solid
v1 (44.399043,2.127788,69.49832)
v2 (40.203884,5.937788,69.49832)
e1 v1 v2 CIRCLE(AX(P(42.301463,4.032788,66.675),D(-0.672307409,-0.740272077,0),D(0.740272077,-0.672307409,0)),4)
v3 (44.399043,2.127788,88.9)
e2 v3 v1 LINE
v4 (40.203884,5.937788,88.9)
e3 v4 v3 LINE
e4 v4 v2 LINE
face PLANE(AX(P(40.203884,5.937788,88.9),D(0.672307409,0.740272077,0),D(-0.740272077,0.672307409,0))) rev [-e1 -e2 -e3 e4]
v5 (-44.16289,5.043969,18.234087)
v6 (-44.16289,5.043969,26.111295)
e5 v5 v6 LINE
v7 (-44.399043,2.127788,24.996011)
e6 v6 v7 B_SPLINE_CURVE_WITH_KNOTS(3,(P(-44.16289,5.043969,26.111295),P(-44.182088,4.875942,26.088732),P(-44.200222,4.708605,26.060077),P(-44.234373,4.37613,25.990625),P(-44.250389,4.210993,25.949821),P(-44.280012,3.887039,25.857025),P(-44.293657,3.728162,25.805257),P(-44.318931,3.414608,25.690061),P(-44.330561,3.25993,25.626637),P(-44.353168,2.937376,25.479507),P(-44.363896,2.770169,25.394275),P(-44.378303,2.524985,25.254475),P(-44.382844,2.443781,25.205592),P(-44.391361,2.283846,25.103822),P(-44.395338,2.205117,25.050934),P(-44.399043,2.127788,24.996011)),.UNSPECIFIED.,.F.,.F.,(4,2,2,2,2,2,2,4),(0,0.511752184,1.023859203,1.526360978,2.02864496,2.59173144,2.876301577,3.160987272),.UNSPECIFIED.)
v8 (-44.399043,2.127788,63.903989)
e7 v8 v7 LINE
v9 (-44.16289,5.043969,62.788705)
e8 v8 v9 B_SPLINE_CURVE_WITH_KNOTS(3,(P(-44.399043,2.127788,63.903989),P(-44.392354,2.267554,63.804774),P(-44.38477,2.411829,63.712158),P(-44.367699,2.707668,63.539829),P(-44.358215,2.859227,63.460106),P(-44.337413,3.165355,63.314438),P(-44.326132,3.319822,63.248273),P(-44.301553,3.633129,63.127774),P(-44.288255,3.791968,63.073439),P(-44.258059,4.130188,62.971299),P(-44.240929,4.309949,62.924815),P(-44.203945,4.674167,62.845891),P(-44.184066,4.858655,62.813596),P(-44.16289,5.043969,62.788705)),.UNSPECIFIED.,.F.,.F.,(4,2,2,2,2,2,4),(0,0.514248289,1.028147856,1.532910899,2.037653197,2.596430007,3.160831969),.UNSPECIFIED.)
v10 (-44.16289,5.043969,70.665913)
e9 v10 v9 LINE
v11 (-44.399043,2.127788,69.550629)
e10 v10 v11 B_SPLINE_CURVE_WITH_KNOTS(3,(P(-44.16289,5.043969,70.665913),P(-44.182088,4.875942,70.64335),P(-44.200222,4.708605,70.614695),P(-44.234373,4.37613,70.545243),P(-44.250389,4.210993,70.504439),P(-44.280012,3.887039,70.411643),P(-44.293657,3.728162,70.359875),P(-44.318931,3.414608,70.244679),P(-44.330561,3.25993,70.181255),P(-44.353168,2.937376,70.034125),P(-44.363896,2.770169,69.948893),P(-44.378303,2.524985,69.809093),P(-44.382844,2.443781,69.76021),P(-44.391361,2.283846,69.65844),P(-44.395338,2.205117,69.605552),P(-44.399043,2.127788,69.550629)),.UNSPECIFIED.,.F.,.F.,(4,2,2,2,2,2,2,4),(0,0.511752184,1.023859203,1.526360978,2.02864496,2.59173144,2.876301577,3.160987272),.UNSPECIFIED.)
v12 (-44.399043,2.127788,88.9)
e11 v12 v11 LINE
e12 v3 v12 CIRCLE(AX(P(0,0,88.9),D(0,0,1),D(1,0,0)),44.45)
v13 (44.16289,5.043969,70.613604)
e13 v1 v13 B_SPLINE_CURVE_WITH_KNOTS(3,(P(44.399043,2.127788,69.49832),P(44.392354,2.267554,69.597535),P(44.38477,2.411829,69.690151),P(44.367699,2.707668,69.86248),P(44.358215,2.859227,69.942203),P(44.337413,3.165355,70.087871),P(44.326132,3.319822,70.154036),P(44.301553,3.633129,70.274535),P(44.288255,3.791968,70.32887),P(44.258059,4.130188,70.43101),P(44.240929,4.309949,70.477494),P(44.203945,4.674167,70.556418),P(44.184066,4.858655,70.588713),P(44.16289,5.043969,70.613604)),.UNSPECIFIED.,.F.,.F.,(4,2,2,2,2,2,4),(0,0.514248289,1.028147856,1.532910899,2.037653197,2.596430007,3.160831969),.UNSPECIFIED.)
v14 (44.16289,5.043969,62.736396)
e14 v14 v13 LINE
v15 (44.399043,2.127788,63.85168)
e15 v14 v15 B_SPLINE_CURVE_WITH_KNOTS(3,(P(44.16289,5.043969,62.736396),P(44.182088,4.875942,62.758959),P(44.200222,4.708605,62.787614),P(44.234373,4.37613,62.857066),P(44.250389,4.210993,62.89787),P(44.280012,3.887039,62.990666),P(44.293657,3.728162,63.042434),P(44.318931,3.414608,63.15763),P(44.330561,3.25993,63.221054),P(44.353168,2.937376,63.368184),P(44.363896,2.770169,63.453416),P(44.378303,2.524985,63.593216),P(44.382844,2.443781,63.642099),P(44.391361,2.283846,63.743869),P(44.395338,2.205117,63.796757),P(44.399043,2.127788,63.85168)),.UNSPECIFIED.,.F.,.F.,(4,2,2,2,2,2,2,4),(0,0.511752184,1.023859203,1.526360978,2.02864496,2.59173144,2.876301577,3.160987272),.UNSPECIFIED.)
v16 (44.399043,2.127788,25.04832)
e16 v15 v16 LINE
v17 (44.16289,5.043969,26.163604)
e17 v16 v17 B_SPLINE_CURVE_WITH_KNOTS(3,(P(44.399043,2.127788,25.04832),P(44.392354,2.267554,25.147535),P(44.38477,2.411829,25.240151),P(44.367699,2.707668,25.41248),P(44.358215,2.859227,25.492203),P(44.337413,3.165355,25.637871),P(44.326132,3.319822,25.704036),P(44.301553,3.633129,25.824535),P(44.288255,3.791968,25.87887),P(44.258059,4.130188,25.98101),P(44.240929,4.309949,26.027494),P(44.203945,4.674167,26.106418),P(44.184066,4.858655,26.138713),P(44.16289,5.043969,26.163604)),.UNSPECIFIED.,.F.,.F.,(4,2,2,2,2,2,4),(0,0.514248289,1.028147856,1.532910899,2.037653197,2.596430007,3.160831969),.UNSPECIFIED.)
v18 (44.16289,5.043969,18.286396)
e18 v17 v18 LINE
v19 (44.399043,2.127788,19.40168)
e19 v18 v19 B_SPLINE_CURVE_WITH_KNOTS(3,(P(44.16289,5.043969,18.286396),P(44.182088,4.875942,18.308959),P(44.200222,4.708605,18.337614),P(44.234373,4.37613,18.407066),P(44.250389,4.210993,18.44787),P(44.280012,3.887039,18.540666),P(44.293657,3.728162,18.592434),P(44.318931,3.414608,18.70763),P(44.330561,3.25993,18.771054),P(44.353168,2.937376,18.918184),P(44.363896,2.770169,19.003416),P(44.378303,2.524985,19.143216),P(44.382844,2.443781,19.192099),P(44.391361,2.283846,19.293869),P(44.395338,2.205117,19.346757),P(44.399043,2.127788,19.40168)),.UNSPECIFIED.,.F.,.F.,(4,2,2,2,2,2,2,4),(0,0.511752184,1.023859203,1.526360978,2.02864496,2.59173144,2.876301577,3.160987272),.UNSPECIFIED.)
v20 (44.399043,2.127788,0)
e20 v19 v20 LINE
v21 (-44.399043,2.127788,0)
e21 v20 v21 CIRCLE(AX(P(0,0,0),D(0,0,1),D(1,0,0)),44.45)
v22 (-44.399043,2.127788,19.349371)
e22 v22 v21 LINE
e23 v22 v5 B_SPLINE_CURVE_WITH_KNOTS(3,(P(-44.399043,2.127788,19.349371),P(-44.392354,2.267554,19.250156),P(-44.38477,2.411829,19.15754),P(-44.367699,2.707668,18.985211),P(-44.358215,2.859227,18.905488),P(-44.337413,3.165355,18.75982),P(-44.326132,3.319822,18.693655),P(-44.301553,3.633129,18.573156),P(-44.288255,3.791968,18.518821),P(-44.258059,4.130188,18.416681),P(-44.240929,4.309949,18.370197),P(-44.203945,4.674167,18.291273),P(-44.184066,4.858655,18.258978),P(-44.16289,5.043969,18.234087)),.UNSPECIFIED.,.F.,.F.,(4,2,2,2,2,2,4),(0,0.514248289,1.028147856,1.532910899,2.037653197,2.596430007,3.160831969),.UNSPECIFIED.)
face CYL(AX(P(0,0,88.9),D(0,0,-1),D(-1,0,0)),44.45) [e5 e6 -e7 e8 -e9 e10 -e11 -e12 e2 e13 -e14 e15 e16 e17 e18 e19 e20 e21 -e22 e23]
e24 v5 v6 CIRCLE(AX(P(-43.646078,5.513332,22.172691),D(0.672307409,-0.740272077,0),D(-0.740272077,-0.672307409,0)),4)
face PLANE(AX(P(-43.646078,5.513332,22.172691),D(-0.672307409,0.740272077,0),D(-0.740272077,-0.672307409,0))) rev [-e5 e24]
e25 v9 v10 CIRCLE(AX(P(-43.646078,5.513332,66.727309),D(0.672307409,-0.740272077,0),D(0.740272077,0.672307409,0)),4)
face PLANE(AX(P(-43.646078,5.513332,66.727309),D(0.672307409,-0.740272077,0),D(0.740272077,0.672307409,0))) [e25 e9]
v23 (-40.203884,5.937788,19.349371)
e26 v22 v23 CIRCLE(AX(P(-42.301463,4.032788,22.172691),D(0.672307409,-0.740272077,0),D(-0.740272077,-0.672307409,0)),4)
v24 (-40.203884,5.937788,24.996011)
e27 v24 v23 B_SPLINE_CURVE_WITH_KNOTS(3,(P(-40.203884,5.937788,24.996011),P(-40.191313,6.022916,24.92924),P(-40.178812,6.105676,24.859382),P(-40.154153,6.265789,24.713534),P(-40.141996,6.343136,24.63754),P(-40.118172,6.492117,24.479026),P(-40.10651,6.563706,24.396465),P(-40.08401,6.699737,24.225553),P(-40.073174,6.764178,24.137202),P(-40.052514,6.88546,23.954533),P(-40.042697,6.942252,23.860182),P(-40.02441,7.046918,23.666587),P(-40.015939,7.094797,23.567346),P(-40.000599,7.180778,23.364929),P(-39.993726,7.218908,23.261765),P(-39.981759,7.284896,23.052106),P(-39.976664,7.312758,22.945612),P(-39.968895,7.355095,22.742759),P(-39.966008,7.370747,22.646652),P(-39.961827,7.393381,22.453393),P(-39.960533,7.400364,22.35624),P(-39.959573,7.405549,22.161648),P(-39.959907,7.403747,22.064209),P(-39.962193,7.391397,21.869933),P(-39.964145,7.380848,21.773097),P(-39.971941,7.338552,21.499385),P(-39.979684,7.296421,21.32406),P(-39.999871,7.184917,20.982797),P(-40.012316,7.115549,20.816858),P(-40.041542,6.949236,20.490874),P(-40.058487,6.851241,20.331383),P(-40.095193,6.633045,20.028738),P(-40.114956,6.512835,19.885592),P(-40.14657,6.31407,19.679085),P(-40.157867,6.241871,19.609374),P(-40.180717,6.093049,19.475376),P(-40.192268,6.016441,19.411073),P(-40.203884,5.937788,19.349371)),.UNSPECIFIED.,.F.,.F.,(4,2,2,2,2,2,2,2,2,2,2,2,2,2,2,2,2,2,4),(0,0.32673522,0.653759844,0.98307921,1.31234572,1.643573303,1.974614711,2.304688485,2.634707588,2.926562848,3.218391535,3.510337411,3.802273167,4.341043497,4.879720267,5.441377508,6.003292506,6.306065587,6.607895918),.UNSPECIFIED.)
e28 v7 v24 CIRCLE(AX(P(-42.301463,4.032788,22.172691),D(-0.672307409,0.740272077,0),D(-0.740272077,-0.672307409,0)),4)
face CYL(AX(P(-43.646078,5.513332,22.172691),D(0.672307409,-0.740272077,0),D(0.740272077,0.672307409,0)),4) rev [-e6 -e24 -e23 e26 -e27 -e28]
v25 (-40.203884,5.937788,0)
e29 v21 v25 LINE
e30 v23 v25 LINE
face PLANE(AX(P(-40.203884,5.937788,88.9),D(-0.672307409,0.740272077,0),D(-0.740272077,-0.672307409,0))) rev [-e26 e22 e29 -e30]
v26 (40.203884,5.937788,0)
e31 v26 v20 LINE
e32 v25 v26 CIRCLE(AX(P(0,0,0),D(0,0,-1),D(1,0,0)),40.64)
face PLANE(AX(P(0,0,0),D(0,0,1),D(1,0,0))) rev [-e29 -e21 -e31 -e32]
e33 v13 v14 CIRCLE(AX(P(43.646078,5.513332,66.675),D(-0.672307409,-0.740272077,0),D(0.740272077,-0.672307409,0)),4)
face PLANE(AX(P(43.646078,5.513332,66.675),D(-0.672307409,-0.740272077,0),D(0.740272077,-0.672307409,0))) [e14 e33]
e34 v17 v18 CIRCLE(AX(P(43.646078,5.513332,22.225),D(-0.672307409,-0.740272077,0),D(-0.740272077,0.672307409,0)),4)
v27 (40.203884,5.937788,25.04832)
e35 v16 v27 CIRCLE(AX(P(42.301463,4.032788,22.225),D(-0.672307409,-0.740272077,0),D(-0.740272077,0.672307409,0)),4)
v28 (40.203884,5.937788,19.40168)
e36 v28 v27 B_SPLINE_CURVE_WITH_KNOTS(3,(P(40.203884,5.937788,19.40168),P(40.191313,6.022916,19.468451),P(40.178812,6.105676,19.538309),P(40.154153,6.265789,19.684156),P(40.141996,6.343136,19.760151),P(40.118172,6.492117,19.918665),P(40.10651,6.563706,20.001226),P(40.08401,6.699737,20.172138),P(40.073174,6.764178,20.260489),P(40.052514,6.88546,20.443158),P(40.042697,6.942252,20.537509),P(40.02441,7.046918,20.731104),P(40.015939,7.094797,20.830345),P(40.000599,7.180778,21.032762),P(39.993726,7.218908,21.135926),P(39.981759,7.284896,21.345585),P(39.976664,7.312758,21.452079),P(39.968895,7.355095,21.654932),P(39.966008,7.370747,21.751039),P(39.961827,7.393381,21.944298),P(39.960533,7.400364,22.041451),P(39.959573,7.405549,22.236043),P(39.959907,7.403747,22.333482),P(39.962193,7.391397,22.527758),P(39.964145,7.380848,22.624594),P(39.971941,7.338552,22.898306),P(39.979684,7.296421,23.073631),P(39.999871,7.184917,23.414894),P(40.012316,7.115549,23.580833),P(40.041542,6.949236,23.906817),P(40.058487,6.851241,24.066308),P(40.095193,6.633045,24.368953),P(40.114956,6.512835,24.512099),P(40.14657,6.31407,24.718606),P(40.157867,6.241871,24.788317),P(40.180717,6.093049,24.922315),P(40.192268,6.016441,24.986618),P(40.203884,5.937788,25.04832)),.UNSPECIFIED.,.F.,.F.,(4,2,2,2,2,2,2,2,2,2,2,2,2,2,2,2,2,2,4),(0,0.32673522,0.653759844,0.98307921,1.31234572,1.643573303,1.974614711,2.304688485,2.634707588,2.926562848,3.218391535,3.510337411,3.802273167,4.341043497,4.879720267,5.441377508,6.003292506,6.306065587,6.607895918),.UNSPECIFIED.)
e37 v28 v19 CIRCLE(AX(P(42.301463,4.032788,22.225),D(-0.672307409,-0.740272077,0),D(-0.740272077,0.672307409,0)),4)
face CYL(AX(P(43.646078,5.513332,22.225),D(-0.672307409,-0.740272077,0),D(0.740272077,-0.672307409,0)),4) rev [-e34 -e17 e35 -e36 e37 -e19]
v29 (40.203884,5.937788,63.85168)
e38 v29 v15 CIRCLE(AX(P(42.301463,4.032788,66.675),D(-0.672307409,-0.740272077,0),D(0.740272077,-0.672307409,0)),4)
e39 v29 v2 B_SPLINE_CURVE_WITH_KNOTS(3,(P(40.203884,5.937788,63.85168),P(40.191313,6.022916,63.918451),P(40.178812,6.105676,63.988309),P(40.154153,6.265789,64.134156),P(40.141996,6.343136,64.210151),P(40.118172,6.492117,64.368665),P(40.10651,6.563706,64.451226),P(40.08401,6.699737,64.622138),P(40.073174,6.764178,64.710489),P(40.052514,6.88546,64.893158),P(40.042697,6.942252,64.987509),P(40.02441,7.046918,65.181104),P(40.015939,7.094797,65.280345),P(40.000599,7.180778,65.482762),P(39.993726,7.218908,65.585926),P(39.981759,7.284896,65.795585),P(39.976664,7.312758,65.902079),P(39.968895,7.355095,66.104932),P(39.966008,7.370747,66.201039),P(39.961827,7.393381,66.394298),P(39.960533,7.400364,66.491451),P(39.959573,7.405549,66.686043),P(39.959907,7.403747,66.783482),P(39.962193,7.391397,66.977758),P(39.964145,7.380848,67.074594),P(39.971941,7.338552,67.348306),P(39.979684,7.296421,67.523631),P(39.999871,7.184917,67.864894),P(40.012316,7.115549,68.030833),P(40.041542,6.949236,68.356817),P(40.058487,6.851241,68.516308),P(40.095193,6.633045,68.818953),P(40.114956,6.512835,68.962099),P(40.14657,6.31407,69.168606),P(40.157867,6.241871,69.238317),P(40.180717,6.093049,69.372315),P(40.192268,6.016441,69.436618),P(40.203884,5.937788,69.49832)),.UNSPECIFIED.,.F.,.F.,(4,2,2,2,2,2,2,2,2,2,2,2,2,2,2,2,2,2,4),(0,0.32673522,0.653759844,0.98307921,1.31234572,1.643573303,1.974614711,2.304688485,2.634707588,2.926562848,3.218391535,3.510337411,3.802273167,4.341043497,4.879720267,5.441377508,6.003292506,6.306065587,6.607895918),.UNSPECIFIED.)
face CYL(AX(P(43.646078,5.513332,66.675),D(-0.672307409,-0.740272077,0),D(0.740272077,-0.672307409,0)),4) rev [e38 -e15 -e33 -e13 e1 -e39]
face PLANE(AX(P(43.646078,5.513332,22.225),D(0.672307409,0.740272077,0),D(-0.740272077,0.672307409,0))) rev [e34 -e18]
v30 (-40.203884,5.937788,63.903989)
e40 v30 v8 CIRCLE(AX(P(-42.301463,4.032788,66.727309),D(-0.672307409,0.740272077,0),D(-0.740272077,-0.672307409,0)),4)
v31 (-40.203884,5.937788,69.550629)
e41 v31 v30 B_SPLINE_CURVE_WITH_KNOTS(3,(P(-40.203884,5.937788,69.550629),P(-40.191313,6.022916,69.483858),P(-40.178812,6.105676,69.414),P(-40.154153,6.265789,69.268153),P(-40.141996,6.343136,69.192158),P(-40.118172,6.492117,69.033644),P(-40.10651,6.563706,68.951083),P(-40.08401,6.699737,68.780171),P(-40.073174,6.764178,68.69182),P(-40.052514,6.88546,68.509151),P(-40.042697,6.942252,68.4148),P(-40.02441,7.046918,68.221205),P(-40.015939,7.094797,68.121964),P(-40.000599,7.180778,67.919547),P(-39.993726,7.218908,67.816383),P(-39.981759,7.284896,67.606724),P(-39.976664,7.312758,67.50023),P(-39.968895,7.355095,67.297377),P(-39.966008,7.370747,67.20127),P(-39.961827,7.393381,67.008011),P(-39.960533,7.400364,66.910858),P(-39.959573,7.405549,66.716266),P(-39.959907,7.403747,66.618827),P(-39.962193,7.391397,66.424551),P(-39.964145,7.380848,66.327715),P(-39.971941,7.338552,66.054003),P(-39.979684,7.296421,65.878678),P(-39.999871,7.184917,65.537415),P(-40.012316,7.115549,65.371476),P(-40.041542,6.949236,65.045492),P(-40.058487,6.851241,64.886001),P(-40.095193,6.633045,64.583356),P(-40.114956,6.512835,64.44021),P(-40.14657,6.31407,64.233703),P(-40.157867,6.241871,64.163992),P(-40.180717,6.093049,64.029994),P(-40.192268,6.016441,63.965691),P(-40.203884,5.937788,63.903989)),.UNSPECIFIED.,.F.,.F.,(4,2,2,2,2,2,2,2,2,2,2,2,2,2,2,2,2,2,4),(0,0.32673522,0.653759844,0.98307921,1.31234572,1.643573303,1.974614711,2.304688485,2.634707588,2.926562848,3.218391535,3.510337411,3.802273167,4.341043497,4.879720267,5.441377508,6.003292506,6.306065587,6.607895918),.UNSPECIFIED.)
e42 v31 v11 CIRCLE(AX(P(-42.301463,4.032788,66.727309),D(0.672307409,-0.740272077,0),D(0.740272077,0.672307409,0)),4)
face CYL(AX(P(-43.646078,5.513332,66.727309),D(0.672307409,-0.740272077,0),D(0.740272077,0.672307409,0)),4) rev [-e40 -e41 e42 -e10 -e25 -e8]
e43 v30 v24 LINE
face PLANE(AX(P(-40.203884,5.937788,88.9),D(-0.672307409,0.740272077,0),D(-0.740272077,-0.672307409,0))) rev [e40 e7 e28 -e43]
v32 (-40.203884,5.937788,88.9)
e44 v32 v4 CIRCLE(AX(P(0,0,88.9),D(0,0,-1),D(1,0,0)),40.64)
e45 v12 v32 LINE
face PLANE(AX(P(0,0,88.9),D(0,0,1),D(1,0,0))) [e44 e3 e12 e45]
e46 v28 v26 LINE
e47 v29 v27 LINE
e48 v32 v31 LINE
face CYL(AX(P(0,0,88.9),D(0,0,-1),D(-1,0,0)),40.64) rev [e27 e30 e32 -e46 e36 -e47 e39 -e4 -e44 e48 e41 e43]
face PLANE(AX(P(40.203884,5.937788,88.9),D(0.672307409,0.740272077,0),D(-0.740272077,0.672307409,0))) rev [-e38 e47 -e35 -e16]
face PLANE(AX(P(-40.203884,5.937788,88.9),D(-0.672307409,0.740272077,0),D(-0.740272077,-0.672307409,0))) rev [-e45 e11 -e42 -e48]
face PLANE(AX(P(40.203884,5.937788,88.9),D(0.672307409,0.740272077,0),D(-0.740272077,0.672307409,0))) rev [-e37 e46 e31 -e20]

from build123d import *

# Parameters (mm, degrees)
BOSS_EXTRUDE1_DEPTH = 88.9
SKETCH2_R           = 4
CUT_EXTRUDE1_DEPTH  = 2
SKETCH3_R           = 4
CUT_EXTRUDE2_DEPTH  = 2


with BuildPart() as part:
    # Sketch1 → Boss-Extrude1 (new body)
    with BuildSketch(Plane.XY):
        with BuildLine():
            Line((-40.203883769, 5.937788296), (-44.399042974, 2.127788296))
            ThreePointArc((-44.399042974, 2.127788296), (0, 44.45), (44.399042974, 2.127788296))
            Line((44.399042974, 2.127788296), (40.203883769, 5.937788296))
            ThreePointArc((40.203883769, 5.937788296), (0, 40.64), (-40.203883769, 5.937788296))
        make_face()
    extrude(amount=BOSS_EXTRUDE1_DEPTH)

    # Sketch2 → Cut-Extrude1 (cut)
    with BuildSketch(Plane(origin=(-21.127225221, 23.263011377, 0), x_dir=(0.7402720771062566, 0.6723074087475077, 0), z_dir=(0.6723074087475077, -0.7402720771062566, 0))):
        with Locations((-28.603318705, 66.727309036)):
            Circle(SKETCH2_R)
        with Locations((-28.603318705, 22.172690964)):
            Circle(SKETCH2_R)
    extrude(amount=-CUT_EXTRUDE1_DEPTH, mode=Mode.SUBTRACT)

    # Sketch3 → Cut-Extrude2 (cut)
    with BuildSketch(Plane(origin=(21.127225221, 23.263011377, 0), x_dir=(0.7402720771062566, -0.6723074087475077, 0), z_dir=(-0.6723074087475077, -0.7402720771062566, 0))):
        with Locations((28.603318705, 66.675)):
            Circle(SKETCH3_R)
        with Locations((28.603318705, 22.225)):
            Circle(SKETCH3_R)
    extrude(amount=-CUT_EXTRUDE2_DEPTH, mode=Mode.SUBTRACT)


solid = part.part
